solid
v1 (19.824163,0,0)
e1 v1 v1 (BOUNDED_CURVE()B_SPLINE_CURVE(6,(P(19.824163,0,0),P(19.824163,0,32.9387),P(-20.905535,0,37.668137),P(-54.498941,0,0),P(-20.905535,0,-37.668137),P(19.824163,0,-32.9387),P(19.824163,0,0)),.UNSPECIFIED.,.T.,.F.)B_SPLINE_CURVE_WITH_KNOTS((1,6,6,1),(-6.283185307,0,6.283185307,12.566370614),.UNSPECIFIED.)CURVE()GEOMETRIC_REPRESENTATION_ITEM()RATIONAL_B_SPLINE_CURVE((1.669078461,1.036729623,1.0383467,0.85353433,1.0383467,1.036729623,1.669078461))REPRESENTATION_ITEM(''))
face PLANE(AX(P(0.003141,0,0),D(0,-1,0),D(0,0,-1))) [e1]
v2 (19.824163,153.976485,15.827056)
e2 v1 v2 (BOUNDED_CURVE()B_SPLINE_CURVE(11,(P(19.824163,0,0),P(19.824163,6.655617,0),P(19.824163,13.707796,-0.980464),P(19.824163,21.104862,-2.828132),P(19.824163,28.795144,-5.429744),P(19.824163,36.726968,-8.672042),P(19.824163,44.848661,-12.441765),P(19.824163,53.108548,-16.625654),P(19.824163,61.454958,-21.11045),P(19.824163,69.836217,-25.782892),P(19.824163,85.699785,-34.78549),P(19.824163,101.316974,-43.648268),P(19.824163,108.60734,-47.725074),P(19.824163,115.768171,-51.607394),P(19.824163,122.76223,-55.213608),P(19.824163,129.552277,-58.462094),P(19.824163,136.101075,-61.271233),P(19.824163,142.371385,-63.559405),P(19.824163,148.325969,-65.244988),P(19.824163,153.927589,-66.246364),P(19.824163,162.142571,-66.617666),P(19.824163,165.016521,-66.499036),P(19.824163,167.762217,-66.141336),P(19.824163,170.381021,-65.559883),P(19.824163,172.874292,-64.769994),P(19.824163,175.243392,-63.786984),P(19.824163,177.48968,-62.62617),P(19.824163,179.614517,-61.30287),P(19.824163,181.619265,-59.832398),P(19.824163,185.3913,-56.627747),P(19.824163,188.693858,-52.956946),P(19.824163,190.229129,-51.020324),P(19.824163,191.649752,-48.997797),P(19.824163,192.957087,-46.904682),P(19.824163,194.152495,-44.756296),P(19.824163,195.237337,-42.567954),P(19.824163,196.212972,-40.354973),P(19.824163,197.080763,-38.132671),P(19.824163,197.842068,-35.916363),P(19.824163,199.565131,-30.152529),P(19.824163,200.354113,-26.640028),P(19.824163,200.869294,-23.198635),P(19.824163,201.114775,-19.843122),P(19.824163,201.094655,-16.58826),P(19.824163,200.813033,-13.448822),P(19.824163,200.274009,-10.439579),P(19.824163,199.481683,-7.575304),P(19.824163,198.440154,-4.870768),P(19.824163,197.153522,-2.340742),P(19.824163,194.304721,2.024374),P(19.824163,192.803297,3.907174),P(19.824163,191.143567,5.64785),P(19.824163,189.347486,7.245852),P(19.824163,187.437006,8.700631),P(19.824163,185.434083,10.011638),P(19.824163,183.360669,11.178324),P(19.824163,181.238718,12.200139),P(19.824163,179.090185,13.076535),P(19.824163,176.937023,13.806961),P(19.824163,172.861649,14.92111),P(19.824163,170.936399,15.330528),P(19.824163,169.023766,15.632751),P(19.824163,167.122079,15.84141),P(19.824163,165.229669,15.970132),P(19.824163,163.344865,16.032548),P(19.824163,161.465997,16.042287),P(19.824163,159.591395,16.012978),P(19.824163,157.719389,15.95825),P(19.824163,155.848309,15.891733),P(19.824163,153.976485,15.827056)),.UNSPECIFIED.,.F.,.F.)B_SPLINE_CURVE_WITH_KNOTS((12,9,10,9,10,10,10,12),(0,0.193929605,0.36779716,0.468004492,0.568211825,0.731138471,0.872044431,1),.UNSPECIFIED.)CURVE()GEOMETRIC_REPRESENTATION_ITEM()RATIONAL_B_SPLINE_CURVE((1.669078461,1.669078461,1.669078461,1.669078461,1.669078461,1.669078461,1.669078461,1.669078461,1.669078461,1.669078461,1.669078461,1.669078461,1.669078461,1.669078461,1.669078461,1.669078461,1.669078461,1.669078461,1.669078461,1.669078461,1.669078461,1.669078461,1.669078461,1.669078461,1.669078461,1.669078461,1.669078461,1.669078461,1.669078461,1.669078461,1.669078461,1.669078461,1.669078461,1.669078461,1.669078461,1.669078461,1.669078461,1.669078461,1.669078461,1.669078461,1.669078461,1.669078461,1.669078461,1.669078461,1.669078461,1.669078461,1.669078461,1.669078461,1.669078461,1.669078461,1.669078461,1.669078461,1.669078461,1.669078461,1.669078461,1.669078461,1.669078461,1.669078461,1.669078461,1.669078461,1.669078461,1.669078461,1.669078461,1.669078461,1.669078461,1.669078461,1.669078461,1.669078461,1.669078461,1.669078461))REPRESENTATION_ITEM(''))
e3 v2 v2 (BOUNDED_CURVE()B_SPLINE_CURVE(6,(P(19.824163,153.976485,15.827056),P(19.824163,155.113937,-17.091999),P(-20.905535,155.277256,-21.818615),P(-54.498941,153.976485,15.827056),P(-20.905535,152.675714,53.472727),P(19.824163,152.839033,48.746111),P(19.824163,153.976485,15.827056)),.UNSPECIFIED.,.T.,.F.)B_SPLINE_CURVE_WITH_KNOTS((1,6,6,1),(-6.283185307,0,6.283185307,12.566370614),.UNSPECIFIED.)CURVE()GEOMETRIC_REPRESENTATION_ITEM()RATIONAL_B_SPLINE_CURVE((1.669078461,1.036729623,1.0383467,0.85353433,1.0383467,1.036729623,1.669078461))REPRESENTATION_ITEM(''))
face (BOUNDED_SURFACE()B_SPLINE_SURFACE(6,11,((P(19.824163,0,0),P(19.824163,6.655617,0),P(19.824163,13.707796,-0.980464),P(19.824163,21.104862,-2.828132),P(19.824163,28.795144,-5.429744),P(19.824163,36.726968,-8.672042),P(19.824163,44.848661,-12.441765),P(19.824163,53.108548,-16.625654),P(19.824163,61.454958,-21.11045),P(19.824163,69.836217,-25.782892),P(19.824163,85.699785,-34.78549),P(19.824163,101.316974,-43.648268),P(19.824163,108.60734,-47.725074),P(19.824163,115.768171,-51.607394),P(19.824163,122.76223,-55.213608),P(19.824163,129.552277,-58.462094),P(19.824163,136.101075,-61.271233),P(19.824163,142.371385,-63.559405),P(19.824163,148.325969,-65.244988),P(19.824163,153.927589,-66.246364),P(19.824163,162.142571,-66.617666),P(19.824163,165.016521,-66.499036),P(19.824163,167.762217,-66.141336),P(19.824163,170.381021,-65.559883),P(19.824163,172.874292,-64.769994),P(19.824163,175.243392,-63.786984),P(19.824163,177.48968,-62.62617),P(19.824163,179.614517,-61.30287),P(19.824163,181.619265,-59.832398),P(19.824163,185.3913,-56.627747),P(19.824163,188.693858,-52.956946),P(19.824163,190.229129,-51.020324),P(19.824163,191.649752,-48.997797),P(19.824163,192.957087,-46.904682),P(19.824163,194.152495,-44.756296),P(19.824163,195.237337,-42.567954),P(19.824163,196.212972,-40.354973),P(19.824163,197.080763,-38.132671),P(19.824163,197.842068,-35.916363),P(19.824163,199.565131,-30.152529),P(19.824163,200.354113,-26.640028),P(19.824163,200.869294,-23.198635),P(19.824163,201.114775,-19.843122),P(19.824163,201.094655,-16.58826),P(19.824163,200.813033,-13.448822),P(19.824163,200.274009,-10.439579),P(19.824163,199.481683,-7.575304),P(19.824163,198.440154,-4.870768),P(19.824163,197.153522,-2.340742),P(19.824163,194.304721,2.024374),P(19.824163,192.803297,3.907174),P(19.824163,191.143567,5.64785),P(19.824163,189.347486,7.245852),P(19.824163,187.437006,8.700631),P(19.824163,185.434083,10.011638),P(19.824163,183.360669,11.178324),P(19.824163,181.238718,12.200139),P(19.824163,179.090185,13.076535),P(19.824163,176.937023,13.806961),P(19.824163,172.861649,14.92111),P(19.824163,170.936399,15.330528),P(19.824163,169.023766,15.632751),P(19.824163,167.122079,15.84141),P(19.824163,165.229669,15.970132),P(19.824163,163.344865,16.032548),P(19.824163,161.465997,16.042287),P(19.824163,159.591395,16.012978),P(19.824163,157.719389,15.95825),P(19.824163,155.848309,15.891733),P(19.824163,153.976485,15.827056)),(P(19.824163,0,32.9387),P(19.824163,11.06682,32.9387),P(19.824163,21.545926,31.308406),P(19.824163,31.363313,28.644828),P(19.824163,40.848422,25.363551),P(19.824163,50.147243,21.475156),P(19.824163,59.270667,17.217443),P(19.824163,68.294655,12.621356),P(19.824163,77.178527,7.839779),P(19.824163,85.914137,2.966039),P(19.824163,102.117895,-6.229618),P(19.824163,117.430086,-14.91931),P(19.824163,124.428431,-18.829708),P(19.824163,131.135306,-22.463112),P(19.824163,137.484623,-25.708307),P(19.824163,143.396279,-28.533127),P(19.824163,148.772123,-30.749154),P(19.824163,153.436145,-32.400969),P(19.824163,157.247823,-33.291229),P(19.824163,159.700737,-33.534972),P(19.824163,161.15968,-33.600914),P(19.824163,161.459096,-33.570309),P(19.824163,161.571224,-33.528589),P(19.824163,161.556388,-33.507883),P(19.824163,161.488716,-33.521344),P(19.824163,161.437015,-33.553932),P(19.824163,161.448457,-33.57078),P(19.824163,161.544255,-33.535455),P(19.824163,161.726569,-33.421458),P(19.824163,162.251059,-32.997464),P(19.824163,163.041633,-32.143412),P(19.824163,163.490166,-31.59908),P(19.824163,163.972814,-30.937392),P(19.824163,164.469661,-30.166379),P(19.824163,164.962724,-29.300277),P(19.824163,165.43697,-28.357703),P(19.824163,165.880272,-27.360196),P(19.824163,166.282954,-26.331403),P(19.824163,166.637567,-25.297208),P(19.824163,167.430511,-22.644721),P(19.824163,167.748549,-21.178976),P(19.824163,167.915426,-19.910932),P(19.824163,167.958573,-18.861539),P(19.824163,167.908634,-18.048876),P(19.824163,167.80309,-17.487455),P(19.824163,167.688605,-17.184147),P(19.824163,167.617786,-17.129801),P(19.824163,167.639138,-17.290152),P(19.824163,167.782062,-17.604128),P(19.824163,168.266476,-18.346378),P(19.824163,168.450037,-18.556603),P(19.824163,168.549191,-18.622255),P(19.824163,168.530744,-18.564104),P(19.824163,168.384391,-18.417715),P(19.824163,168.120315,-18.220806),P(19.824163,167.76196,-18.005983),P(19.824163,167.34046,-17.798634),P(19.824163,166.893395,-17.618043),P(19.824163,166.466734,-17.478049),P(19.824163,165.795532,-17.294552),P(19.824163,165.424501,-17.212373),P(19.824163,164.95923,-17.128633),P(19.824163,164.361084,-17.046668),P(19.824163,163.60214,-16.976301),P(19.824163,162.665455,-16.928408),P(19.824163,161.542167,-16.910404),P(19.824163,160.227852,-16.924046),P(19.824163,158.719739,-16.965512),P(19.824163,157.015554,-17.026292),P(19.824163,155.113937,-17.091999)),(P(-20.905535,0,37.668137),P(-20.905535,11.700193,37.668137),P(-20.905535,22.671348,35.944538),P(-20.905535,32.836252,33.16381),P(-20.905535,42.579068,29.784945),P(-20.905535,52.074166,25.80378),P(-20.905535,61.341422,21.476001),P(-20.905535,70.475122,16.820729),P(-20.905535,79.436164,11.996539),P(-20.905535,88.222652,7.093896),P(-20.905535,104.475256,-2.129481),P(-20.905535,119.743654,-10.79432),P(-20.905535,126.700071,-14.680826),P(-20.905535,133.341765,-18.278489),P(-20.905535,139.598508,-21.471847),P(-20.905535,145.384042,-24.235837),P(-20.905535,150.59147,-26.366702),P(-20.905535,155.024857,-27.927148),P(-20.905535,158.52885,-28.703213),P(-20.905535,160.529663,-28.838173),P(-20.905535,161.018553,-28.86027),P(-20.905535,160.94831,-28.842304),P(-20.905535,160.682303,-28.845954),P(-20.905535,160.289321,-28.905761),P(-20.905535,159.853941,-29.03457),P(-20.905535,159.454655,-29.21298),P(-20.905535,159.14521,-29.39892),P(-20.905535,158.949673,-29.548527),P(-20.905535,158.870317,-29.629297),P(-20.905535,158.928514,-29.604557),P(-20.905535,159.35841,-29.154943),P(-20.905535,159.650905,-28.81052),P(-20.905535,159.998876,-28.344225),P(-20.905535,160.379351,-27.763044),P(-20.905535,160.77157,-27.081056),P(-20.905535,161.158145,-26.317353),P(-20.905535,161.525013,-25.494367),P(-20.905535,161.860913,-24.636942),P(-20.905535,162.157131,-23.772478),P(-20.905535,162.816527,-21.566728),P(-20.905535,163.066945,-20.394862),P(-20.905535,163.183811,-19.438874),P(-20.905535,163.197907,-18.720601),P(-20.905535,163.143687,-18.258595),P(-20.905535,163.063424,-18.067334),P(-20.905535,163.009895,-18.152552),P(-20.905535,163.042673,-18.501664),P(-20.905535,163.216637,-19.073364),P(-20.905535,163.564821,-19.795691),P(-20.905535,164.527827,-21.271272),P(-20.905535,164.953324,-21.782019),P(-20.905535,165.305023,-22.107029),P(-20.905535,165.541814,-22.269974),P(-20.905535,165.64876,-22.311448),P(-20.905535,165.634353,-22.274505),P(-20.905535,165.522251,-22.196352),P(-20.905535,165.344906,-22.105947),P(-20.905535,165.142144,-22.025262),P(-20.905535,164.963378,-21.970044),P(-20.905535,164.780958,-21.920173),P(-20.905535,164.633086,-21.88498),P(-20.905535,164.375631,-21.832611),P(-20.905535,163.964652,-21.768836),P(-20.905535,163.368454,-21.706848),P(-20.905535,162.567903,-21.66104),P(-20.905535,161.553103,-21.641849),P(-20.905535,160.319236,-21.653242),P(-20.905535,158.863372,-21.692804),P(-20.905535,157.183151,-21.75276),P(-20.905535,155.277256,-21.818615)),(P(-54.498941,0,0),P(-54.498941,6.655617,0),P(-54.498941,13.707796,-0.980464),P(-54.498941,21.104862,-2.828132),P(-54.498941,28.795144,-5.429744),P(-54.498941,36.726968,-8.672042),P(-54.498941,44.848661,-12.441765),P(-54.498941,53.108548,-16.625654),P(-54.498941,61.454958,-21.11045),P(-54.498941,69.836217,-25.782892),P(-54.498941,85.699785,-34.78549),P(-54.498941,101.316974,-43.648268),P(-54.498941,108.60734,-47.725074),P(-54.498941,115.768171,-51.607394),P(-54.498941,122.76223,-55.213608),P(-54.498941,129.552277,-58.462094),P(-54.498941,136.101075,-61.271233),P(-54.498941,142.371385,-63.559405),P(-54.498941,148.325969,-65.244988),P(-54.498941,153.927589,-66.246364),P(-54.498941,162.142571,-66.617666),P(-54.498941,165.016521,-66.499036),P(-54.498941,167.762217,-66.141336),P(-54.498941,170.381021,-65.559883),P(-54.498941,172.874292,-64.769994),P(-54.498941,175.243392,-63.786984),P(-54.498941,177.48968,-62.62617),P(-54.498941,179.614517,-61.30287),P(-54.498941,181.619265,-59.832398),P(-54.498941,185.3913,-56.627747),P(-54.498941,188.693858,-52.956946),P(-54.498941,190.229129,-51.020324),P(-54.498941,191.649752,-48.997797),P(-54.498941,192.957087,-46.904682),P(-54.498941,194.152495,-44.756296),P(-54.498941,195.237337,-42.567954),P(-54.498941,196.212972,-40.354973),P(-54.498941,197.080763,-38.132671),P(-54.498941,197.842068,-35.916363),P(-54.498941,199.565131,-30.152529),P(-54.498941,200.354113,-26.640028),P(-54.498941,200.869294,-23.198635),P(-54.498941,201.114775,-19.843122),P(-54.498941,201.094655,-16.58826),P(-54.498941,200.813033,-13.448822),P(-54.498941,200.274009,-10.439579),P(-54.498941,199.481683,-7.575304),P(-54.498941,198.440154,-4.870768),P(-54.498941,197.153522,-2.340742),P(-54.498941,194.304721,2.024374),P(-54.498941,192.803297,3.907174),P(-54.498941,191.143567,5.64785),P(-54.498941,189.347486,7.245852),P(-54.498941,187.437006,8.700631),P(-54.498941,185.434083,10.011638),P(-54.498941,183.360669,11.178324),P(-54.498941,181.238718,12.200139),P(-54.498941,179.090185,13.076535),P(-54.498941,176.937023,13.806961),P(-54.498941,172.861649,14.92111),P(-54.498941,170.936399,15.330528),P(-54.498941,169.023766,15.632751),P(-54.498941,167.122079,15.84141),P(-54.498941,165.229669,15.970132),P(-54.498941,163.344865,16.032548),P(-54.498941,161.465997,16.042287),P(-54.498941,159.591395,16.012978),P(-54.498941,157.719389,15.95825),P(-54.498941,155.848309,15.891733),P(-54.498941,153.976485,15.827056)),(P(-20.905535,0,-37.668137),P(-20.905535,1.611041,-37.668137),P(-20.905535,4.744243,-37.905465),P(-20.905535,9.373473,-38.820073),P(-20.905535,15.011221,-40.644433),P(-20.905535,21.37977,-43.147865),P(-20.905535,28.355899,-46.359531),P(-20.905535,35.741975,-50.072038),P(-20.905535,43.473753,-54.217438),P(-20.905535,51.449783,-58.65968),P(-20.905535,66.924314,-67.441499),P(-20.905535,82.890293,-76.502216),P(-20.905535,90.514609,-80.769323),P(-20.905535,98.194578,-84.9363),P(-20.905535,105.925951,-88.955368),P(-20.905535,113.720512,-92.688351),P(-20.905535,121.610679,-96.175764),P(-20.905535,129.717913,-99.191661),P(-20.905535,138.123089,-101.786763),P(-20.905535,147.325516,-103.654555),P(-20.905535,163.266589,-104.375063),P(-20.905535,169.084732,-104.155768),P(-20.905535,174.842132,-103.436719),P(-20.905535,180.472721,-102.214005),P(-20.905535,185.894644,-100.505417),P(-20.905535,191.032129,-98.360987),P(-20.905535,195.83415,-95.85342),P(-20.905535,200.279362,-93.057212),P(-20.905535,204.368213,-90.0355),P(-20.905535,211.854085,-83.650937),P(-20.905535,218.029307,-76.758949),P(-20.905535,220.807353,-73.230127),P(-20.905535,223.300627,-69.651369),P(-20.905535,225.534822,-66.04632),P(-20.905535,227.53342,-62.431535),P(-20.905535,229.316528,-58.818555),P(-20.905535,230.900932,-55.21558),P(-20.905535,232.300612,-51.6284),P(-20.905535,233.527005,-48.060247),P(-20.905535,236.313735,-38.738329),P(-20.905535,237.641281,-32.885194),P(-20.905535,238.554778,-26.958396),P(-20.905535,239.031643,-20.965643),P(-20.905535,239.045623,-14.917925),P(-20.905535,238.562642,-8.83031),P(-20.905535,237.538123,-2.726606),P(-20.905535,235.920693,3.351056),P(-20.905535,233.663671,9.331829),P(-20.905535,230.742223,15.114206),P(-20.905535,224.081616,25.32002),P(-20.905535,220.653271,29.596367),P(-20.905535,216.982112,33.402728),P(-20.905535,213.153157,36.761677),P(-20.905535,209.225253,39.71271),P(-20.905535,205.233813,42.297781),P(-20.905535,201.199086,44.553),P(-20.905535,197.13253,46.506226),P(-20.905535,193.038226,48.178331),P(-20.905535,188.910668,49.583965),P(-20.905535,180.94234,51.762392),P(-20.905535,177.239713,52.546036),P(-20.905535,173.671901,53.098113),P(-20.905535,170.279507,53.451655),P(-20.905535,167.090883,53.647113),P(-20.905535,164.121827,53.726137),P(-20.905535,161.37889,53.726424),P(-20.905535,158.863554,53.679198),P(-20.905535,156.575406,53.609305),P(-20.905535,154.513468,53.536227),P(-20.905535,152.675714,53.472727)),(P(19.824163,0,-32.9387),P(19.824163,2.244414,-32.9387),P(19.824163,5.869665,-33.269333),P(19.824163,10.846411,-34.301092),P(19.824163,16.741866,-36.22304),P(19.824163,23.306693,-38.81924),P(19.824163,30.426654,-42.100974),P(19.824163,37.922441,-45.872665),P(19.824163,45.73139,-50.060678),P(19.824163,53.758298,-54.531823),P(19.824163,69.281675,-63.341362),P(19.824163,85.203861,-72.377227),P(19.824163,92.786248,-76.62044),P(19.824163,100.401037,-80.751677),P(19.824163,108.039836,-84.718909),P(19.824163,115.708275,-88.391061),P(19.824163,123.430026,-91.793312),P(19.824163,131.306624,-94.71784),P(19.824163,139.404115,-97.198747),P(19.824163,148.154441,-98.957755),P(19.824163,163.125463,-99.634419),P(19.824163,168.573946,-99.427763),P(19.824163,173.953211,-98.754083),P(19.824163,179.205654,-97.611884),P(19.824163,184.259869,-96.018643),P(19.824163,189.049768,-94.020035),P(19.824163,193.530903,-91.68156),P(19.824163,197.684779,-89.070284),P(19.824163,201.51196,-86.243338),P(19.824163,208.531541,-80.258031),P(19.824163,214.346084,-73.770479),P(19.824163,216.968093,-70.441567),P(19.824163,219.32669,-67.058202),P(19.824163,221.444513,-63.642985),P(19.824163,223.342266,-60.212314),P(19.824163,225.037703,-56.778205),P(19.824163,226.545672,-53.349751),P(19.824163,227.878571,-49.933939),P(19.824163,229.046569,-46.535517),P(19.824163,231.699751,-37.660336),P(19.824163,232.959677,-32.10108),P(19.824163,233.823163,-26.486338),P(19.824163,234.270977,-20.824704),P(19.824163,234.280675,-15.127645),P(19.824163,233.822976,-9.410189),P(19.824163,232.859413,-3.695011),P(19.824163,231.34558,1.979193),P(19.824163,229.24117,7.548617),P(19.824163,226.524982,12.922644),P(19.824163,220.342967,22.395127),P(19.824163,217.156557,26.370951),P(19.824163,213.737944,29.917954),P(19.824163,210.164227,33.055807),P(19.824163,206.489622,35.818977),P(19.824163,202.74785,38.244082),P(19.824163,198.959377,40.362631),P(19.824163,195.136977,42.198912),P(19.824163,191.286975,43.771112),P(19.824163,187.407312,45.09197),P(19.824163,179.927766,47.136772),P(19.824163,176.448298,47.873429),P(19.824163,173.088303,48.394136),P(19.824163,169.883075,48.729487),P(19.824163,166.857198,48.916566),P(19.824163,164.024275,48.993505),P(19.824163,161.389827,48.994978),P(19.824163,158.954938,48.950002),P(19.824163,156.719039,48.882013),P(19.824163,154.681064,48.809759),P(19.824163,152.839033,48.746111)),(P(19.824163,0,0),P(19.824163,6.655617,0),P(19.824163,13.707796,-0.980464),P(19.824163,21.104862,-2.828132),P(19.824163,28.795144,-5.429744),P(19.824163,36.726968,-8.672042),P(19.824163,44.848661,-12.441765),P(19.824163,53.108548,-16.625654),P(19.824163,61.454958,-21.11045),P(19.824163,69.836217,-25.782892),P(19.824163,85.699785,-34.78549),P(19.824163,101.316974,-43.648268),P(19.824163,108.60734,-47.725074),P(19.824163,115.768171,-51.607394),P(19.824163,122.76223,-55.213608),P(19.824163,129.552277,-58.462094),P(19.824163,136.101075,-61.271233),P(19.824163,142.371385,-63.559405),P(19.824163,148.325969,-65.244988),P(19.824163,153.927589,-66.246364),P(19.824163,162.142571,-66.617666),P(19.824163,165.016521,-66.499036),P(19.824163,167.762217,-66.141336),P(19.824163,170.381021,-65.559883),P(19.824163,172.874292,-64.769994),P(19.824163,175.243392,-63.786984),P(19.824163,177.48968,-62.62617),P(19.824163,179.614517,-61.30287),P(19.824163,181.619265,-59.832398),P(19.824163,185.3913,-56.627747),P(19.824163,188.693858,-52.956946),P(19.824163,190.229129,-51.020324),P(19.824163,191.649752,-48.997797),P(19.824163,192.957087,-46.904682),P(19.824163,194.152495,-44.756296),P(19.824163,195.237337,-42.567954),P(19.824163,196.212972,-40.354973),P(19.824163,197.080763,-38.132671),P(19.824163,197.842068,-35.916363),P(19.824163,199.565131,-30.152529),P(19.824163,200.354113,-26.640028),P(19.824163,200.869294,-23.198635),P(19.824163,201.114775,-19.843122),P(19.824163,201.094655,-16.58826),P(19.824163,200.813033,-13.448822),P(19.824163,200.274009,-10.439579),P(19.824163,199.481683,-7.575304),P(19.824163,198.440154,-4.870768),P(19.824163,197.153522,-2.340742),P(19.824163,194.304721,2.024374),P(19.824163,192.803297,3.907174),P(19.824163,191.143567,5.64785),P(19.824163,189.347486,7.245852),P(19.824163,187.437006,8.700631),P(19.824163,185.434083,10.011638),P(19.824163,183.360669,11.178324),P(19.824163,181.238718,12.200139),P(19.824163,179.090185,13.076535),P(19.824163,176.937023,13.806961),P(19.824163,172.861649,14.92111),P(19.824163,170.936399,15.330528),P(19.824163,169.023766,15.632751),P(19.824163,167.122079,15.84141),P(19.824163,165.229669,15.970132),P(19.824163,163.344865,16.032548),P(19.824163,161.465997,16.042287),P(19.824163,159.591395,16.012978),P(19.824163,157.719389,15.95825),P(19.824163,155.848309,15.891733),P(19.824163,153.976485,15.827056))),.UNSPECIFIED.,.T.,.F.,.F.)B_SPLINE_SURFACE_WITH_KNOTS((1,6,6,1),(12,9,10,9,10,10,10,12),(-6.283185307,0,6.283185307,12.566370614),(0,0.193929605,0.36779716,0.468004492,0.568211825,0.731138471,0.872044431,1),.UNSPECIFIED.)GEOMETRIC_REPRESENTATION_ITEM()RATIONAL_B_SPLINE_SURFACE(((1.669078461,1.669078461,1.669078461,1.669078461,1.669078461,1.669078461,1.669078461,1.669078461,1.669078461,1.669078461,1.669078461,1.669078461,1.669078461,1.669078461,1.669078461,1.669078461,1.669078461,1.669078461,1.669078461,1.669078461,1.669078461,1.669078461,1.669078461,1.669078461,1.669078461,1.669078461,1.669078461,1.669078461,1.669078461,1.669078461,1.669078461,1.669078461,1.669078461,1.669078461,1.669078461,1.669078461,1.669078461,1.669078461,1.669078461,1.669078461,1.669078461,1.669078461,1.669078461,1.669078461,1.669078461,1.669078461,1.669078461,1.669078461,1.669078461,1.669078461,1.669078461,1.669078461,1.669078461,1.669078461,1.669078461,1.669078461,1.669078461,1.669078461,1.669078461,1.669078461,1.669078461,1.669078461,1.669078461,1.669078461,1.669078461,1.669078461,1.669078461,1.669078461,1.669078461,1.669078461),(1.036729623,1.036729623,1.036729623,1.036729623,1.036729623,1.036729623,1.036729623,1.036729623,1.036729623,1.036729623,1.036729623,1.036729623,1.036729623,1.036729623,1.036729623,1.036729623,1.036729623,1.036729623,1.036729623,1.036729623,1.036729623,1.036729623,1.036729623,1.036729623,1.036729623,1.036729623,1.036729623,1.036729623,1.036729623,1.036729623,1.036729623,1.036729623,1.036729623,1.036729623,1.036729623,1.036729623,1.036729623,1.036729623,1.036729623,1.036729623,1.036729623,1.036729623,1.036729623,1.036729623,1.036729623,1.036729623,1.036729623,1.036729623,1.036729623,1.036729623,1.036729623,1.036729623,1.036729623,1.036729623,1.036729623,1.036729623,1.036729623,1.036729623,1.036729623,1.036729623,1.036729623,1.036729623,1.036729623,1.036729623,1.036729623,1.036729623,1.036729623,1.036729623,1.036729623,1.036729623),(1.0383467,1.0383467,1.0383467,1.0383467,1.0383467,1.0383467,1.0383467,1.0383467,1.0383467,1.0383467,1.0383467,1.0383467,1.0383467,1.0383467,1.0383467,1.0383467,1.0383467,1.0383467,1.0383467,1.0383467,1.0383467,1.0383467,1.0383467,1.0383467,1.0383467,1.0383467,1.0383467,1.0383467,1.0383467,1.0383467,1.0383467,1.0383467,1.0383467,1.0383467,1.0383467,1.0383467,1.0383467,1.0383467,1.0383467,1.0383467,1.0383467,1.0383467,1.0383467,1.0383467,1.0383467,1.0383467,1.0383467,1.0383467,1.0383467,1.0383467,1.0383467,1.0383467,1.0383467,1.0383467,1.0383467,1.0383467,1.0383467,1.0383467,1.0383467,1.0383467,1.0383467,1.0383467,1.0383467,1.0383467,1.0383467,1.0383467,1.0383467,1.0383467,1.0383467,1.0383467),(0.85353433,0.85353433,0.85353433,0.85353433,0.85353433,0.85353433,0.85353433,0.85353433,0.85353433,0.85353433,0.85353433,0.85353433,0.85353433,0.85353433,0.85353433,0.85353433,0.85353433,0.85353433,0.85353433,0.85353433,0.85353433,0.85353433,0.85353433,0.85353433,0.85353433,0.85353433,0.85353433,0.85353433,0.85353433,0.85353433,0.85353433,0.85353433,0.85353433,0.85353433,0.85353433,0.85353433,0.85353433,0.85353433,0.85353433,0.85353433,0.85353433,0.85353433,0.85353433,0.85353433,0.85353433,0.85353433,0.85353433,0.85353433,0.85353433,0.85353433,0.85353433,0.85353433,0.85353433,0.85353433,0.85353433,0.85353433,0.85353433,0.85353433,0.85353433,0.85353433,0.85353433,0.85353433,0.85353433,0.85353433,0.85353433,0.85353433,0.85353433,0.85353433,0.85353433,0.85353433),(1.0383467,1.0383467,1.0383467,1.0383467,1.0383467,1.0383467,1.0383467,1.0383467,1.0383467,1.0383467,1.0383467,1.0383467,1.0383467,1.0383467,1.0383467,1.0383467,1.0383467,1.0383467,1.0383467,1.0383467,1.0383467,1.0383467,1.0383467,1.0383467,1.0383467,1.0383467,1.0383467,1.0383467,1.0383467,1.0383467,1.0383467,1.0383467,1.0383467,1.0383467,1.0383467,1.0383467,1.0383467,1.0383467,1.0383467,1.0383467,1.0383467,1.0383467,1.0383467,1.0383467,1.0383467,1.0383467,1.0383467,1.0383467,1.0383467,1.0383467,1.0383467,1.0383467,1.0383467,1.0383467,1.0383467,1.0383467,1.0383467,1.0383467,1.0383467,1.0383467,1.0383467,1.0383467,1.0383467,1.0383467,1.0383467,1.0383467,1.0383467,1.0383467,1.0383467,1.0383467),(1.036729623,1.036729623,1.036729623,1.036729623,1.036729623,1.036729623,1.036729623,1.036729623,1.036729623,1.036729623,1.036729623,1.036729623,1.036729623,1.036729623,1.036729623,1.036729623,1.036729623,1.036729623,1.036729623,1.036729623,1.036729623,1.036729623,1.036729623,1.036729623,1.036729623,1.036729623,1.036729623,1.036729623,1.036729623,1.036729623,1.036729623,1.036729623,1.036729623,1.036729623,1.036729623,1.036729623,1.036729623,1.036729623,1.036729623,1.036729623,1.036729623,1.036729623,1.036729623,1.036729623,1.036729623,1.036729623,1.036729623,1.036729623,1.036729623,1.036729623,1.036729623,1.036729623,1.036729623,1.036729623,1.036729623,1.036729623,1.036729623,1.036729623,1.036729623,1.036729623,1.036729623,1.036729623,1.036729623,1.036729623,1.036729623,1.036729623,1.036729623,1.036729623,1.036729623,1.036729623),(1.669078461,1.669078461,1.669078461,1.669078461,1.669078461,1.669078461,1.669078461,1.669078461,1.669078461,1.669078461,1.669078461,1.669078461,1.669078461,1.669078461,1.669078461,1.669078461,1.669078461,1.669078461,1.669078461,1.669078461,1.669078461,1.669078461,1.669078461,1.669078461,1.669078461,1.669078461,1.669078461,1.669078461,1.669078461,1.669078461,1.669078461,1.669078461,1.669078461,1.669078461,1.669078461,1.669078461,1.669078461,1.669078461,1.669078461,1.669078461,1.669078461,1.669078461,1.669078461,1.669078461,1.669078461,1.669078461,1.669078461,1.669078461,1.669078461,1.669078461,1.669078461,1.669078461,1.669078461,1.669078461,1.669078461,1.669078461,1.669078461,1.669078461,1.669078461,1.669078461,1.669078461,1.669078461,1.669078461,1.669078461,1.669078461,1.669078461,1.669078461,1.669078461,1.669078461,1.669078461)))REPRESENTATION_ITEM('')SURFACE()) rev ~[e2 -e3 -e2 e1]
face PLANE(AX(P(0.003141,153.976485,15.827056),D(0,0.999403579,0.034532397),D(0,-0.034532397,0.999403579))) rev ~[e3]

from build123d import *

# Parameters (mm, degrees)
F0_R = 19.8241626397


with BuildPart() as f2:
    # F2: sweep along a path in F1
    with BuildLine(Plane.YZ) as f2_path:
        add(Plane.YZ * Edge.make_bspline(
            [(0, 0), (46.2832674384, 0), (158.1866360524, -99.8857199731), (203.8652641626, -35.4618119564), (200.2041659726, 1.8411523409), (175.232523126, 16.6333859541), (160.8398402813, 16.0642055666), (153.9764851332, 15.8270560205)],
            knots=[0, 0, 0, 0, 0.3677971596, 0.5682118251, 0.7311384705, 0.8720444312, 1, 1, 1, 1], degree=3))
    # F0 (on Front) → F2 (sweep)
    with BuildSketch(Plane.XZ):
        Circle(F0_R)
    sweep(path=f2_path.line)


solid = f2.part
